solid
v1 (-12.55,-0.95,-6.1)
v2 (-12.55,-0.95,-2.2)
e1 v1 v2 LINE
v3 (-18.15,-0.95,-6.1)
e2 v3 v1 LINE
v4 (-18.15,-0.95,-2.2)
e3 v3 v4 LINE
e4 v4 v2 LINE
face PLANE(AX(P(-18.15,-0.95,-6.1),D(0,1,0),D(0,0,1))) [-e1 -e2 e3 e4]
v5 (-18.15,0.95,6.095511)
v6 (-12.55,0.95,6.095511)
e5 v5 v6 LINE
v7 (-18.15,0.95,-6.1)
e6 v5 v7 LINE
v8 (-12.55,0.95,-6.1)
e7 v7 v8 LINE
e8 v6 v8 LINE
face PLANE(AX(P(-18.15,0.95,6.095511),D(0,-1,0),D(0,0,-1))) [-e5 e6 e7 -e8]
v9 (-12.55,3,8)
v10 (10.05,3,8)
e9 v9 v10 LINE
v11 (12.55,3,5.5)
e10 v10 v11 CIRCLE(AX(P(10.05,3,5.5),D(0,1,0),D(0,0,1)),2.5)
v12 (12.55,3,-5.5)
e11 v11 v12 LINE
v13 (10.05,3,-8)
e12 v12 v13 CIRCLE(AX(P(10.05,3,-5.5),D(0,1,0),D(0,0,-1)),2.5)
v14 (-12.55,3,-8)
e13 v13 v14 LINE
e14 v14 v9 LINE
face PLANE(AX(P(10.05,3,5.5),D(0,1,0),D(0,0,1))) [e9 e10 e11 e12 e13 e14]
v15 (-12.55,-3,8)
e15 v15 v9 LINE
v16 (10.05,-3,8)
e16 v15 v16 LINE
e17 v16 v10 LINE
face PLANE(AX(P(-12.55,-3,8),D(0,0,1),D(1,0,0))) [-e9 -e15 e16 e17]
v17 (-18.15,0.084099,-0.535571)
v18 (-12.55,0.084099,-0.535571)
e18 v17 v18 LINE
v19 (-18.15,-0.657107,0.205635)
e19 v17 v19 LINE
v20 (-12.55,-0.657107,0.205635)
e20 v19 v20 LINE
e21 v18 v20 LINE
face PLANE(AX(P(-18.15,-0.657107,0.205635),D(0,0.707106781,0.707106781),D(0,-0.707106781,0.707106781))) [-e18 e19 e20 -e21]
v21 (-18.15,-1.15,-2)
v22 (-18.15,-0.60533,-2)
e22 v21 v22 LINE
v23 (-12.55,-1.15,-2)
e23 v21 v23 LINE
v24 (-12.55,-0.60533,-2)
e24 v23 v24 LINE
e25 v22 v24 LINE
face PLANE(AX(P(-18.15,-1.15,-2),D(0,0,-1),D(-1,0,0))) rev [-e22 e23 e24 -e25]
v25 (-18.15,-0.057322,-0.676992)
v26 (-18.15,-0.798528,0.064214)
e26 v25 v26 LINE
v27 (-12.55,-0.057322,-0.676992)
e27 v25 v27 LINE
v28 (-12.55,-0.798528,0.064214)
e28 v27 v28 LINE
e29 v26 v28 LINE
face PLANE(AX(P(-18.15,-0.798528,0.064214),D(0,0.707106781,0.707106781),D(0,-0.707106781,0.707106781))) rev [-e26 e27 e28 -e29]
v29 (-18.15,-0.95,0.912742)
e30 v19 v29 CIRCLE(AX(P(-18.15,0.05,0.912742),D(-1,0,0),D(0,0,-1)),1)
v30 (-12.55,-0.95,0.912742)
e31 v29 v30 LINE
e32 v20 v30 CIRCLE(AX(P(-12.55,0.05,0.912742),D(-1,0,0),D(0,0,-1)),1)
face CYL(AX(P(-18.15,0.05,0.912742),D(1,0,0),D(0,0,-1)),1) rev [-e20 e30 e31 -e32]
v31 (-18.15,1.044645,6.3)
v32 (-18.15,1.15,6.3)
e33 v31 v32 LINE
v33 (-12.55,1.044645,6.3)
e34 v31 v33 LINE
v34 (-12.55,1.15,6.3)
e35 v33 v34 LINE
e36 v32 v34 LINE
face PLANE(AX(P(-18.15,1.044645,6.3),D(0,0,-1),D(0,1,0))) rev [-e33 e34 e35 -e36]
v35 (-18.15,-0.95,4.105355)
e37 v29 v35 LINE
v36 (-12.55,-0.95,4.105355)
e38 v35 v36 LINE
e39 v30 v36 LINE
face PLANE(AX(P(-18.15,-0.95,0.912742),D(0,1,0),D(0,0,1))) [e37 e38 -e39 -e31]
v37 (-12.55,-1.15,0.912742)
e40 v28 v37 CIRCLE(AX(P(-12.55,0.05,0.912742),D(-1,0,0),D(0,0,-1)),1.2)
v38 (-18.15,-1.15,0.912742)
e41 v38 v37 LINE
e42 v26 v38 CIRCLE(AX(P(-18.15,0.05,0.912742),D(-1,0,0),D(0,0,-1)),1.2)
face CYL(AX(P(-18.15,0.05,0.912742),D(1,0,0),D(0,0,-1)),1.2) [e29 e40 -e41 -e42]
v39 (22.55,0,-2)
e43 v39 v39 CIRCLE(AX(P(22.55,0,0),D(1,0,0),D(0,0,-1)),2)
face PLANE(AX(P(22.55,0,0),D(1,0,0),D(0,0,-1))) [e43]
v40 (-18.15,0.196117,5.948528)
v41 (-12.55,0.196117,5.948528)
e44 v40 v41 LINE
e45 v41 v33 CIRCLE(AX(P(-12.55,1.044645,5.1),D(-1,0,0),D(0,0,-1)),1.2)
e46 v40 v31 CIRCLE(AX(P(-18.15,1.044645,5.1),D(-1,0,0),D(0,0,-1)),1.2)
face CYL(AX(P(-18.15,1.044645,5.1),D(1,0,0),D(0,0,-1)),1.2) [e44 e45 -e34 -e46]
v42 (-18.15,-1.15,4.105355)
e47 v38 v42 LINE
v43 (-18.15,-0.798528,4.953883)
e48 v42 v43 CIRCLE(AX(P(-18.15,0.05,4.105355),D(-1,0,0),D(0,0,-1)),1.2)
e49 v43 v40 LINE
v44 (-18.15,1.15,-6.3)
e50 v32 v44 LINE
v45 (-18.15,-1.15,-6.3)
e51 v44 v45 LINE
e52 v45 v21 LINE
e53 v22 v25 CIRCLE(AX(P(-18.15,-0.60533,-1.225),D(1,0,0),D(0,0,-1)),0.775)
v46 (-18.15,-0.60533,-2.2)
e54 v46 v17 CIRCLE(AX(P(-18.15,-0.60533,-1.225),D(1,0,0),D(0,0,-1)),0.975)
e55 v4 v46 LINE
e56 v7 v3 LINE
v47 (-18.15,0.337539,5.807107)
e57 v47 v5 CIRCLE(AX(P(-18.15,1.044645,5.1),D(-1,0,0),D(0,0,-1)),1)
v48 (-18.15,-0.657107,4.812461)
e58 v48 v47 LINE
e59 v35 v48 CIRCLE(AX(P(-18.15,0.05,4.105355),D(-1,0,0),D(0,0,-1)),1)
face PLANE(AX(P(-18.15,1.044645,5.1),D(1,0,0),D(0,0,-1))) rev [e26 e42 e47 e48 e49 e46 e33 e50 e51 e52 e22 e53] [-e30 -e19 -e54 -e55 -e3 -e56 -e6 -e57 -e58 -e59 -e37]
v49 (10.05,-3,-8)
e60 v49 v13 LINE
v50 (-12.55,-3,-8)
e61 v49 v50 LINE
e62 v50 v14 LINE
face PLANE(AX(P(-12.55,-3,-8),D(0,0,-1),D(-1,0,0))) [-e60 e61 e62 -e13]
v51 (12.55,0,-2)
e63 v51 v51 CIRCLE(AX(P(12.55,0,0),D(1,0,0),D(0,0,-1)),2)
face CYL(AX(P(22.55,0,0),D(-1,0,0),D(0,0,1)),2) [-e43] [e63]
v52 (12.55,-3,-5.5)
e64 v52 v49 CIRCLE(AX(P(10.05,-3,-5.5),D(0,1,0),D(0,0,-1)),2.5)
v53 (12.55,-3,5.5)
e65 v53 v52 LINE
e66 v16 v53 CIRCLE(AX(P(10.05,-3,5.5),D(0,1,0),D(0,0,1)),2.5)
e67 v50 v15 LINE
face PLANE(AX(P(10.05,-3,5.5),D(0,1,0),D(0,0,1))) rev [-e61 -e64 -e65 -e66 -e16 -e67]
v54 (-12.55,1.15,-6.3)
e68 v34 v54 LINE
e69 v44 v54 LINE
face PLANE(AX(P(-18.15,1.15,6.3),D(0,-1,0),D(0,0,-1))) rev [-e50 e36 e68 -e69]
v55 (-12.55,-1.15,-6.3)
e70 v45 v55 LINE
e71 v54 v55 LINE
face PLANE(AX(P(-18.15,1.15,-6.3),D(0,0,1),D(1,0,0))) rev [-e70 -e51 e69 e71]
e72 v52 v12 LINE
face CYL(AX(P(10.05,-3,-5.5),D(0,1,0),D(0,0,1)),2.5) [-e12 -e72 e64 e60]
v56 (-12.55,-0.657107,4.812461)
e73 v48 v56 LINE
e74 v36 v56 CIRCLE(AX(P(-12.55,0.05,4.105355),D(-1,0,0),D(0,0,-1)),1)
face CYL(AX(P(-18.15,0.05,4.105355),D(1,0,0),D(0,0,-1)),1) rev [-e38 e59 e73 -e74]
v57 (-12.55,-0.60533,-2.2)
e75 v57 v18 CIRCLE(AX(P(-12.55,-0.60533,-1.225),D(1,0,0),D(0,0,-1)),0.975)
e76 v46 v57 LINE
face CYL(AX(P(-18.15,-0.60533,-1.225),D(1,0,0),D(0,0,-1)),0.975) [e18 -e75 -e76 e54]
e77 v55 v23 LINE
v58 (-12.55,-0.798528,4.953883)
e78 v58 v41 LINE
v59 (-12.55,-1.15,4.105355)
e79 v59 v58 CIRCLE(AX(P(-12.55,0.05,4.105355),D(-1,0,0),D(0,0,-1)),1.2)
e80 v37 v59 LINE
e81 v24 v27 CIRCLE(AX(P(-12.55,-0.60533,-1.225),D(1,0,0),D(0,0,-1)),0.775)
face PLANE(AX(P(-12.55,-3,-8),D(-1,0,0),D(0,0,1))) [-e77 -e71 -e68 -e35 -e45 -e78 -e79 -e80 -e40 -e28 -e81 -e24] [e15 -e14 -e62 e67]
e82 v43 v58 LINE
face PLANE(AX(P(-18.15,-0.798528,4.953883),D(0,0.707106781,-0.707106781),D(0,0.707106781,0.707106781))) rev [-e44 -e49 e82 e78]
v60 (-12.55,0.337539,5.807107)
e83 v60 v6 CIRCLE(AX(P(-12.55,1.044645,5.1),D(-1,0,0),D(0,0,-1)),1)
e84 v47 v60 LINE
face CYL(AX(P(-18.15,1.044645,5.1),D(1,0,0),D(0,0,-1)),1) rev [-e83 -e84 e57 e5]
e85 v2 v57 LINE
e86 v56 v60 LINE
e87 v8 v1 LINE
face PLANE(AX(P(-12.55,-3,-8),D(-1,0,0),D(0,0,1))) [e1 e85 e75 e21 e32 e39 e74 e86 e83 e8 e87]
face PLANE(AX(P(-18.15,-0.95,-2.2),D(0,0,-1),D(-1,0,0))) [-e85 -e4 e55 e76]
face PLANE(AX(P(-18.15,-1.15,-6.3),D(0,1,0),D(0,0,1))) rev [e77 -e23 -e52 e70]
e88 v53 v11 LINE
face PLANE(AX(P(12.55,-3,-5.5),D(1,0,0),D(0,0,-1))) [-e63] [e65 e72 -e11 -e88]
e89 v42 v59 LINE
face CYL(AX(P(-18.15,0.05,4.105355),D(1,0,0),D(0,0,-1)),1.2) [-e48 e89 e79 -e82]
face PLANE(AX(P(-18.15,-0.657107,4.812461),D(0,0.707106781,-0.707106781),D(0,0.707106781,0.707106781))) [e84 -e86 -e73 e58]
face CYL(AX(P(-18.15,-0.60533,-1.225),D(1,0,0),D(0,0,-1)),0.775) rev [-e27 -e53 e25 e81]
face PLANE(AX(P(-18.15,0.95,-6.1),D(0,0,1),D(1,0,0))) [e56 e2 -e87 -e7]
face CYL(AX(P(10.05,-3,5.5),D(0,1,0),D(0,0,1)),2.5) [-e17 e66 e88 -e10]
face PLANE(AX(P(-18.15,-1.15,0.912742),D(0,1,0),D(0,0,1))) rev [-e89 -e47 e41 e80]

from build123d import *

# Parameters (mm, degrees)
BOSS_EXTRUDE1_DEPTH      = 3
BOSS_EXTRUDE1_DEPTH_BACK = 3
BOSS_EXTRUDE2_DEPTH      = 5.6
SKETCH3_R                = 2
BOSS_EXTRUDE3_DEPTH      = 10


with BuildPart() as part:
    # Sketch1 → Boss-Extrude1 (new, two sides: drawn at the far end of the back side and taken through both)
    with BuildSketch(Plane(origin=(0, 0, 0), x_dir=(1, 0, 0), z_dir=(0, 1, 0)).offset(-BOSS_EXTRUDE1_DEPTH_BACK)):
        with BuildLine():
            Line((-12.55, 8), (10.05, 8))
            ThreePointArc((10.05, 8), (11.817766953, 7.267766953), (12.55, 5.5))
            Line((12.55, 5.5), (12.55, -5.5))
            ThreePointArc((12.55, -5.5), (11.817766953, -7.267766953), (10.05, -8))
            Line((10.05, -8), (-12.55, -8))
            Line((-12.55, -8), (-12.55, 8))
        make_face()
    extrude(amount=BOSS_EXTRUDE1_DEPTH + BOSS_EXTRUDE1_DEPTH_BACK)

    # Sketch2 → Boss-Extrude2 (add)
    with BuildSketch(Plane.ZY.offset(12.55)):
        with BuildLine():
            Line((6.3, 1.044645313), (6.3, 1.15))
            Line((6.3, 1.15), (-6.3, 1.15))
            Line((-6.3, 1.15), (-6.3, -1.15))
            Line((-6.3, -1.15), (-2, -1.15))
            Line((-2, -1.15), (-2, -0.605330086))
            ThreePointArc((-2, -0.605330086), (-1.52157966, 0.110676552), (-0.676992245, -0.05732233))
            Line((-0.676992245, -0.05732233), (0.064213562, -0.798528137))
            ThreePointArc((0.064213562, -0.798528137), (0.453521581, -1.058655439), (0.9127417, -1.15))
            Line((0.9127417, -1.15), (4.105354687, -1.15))
            ThreePointArc((4.105354687, -1.15), (4.564574806, -1.058655439), (4.953882825, -0.798528137))
            Line((4.953882825, -0.798528137), (5.948528137, 0.196117175))
            ThreePointArc((5.948528137, 0.196117175), (6.208655439, 0.585425194), (6.3, 1.044645313))
        make_face()
        with BuildLine():
            Line((4.812461468, -0.657106781), (5.807106781, 0.337538532))
            ThreePointArc((5.807106781, 0.337538532), (6.004712185, 0.618622002), (6.095511057, 0.95))
            Line((6.095511057, 0.95), (-6.1, 0.95))
            Line((-6.1, 0.95), (-6.1, -0.95))
            Line((-6.1, -0.95), (-2.2, -0.95))
            Line((-2.2, -0.95), (-2.2, -0.605330086))
            ThreePointArc((-2.2, -0.605330086), (-1.598116347, 0.295452458), (-0.535570888, 0.084099026))
            Line((-0.535570888, 0.084099026), (0.205634919, -0.657106781))
            ThreePointArc((0.205634919, -0.657106781), (0.530058267, -0.873879533), (0.9127417, -0.95))
            Line((0.9127417, -0.95), (4.105354687, -0.95))
            ThreePointArc((4.105354687, -0.95), (4.48803812, -0.873879533), (4.812461468, -0.657106781))
        make_face(mode=Mode.SUBTRACT)
    extrude(amount=BOSS_EXTRUDE2_DEPTH)

    # Sketch3 → Boss-Extrude3 (add)
    with BuildSketch(Plane(origin=(12.55, 0, 0), x_dir=(0, 0, -1), z_dir=(1, 0, 0))):
        Circle(SKETCH3_R)
    extrude(amount=BOSS_EXTRUDE3_DEPTH)


solid = part.part
